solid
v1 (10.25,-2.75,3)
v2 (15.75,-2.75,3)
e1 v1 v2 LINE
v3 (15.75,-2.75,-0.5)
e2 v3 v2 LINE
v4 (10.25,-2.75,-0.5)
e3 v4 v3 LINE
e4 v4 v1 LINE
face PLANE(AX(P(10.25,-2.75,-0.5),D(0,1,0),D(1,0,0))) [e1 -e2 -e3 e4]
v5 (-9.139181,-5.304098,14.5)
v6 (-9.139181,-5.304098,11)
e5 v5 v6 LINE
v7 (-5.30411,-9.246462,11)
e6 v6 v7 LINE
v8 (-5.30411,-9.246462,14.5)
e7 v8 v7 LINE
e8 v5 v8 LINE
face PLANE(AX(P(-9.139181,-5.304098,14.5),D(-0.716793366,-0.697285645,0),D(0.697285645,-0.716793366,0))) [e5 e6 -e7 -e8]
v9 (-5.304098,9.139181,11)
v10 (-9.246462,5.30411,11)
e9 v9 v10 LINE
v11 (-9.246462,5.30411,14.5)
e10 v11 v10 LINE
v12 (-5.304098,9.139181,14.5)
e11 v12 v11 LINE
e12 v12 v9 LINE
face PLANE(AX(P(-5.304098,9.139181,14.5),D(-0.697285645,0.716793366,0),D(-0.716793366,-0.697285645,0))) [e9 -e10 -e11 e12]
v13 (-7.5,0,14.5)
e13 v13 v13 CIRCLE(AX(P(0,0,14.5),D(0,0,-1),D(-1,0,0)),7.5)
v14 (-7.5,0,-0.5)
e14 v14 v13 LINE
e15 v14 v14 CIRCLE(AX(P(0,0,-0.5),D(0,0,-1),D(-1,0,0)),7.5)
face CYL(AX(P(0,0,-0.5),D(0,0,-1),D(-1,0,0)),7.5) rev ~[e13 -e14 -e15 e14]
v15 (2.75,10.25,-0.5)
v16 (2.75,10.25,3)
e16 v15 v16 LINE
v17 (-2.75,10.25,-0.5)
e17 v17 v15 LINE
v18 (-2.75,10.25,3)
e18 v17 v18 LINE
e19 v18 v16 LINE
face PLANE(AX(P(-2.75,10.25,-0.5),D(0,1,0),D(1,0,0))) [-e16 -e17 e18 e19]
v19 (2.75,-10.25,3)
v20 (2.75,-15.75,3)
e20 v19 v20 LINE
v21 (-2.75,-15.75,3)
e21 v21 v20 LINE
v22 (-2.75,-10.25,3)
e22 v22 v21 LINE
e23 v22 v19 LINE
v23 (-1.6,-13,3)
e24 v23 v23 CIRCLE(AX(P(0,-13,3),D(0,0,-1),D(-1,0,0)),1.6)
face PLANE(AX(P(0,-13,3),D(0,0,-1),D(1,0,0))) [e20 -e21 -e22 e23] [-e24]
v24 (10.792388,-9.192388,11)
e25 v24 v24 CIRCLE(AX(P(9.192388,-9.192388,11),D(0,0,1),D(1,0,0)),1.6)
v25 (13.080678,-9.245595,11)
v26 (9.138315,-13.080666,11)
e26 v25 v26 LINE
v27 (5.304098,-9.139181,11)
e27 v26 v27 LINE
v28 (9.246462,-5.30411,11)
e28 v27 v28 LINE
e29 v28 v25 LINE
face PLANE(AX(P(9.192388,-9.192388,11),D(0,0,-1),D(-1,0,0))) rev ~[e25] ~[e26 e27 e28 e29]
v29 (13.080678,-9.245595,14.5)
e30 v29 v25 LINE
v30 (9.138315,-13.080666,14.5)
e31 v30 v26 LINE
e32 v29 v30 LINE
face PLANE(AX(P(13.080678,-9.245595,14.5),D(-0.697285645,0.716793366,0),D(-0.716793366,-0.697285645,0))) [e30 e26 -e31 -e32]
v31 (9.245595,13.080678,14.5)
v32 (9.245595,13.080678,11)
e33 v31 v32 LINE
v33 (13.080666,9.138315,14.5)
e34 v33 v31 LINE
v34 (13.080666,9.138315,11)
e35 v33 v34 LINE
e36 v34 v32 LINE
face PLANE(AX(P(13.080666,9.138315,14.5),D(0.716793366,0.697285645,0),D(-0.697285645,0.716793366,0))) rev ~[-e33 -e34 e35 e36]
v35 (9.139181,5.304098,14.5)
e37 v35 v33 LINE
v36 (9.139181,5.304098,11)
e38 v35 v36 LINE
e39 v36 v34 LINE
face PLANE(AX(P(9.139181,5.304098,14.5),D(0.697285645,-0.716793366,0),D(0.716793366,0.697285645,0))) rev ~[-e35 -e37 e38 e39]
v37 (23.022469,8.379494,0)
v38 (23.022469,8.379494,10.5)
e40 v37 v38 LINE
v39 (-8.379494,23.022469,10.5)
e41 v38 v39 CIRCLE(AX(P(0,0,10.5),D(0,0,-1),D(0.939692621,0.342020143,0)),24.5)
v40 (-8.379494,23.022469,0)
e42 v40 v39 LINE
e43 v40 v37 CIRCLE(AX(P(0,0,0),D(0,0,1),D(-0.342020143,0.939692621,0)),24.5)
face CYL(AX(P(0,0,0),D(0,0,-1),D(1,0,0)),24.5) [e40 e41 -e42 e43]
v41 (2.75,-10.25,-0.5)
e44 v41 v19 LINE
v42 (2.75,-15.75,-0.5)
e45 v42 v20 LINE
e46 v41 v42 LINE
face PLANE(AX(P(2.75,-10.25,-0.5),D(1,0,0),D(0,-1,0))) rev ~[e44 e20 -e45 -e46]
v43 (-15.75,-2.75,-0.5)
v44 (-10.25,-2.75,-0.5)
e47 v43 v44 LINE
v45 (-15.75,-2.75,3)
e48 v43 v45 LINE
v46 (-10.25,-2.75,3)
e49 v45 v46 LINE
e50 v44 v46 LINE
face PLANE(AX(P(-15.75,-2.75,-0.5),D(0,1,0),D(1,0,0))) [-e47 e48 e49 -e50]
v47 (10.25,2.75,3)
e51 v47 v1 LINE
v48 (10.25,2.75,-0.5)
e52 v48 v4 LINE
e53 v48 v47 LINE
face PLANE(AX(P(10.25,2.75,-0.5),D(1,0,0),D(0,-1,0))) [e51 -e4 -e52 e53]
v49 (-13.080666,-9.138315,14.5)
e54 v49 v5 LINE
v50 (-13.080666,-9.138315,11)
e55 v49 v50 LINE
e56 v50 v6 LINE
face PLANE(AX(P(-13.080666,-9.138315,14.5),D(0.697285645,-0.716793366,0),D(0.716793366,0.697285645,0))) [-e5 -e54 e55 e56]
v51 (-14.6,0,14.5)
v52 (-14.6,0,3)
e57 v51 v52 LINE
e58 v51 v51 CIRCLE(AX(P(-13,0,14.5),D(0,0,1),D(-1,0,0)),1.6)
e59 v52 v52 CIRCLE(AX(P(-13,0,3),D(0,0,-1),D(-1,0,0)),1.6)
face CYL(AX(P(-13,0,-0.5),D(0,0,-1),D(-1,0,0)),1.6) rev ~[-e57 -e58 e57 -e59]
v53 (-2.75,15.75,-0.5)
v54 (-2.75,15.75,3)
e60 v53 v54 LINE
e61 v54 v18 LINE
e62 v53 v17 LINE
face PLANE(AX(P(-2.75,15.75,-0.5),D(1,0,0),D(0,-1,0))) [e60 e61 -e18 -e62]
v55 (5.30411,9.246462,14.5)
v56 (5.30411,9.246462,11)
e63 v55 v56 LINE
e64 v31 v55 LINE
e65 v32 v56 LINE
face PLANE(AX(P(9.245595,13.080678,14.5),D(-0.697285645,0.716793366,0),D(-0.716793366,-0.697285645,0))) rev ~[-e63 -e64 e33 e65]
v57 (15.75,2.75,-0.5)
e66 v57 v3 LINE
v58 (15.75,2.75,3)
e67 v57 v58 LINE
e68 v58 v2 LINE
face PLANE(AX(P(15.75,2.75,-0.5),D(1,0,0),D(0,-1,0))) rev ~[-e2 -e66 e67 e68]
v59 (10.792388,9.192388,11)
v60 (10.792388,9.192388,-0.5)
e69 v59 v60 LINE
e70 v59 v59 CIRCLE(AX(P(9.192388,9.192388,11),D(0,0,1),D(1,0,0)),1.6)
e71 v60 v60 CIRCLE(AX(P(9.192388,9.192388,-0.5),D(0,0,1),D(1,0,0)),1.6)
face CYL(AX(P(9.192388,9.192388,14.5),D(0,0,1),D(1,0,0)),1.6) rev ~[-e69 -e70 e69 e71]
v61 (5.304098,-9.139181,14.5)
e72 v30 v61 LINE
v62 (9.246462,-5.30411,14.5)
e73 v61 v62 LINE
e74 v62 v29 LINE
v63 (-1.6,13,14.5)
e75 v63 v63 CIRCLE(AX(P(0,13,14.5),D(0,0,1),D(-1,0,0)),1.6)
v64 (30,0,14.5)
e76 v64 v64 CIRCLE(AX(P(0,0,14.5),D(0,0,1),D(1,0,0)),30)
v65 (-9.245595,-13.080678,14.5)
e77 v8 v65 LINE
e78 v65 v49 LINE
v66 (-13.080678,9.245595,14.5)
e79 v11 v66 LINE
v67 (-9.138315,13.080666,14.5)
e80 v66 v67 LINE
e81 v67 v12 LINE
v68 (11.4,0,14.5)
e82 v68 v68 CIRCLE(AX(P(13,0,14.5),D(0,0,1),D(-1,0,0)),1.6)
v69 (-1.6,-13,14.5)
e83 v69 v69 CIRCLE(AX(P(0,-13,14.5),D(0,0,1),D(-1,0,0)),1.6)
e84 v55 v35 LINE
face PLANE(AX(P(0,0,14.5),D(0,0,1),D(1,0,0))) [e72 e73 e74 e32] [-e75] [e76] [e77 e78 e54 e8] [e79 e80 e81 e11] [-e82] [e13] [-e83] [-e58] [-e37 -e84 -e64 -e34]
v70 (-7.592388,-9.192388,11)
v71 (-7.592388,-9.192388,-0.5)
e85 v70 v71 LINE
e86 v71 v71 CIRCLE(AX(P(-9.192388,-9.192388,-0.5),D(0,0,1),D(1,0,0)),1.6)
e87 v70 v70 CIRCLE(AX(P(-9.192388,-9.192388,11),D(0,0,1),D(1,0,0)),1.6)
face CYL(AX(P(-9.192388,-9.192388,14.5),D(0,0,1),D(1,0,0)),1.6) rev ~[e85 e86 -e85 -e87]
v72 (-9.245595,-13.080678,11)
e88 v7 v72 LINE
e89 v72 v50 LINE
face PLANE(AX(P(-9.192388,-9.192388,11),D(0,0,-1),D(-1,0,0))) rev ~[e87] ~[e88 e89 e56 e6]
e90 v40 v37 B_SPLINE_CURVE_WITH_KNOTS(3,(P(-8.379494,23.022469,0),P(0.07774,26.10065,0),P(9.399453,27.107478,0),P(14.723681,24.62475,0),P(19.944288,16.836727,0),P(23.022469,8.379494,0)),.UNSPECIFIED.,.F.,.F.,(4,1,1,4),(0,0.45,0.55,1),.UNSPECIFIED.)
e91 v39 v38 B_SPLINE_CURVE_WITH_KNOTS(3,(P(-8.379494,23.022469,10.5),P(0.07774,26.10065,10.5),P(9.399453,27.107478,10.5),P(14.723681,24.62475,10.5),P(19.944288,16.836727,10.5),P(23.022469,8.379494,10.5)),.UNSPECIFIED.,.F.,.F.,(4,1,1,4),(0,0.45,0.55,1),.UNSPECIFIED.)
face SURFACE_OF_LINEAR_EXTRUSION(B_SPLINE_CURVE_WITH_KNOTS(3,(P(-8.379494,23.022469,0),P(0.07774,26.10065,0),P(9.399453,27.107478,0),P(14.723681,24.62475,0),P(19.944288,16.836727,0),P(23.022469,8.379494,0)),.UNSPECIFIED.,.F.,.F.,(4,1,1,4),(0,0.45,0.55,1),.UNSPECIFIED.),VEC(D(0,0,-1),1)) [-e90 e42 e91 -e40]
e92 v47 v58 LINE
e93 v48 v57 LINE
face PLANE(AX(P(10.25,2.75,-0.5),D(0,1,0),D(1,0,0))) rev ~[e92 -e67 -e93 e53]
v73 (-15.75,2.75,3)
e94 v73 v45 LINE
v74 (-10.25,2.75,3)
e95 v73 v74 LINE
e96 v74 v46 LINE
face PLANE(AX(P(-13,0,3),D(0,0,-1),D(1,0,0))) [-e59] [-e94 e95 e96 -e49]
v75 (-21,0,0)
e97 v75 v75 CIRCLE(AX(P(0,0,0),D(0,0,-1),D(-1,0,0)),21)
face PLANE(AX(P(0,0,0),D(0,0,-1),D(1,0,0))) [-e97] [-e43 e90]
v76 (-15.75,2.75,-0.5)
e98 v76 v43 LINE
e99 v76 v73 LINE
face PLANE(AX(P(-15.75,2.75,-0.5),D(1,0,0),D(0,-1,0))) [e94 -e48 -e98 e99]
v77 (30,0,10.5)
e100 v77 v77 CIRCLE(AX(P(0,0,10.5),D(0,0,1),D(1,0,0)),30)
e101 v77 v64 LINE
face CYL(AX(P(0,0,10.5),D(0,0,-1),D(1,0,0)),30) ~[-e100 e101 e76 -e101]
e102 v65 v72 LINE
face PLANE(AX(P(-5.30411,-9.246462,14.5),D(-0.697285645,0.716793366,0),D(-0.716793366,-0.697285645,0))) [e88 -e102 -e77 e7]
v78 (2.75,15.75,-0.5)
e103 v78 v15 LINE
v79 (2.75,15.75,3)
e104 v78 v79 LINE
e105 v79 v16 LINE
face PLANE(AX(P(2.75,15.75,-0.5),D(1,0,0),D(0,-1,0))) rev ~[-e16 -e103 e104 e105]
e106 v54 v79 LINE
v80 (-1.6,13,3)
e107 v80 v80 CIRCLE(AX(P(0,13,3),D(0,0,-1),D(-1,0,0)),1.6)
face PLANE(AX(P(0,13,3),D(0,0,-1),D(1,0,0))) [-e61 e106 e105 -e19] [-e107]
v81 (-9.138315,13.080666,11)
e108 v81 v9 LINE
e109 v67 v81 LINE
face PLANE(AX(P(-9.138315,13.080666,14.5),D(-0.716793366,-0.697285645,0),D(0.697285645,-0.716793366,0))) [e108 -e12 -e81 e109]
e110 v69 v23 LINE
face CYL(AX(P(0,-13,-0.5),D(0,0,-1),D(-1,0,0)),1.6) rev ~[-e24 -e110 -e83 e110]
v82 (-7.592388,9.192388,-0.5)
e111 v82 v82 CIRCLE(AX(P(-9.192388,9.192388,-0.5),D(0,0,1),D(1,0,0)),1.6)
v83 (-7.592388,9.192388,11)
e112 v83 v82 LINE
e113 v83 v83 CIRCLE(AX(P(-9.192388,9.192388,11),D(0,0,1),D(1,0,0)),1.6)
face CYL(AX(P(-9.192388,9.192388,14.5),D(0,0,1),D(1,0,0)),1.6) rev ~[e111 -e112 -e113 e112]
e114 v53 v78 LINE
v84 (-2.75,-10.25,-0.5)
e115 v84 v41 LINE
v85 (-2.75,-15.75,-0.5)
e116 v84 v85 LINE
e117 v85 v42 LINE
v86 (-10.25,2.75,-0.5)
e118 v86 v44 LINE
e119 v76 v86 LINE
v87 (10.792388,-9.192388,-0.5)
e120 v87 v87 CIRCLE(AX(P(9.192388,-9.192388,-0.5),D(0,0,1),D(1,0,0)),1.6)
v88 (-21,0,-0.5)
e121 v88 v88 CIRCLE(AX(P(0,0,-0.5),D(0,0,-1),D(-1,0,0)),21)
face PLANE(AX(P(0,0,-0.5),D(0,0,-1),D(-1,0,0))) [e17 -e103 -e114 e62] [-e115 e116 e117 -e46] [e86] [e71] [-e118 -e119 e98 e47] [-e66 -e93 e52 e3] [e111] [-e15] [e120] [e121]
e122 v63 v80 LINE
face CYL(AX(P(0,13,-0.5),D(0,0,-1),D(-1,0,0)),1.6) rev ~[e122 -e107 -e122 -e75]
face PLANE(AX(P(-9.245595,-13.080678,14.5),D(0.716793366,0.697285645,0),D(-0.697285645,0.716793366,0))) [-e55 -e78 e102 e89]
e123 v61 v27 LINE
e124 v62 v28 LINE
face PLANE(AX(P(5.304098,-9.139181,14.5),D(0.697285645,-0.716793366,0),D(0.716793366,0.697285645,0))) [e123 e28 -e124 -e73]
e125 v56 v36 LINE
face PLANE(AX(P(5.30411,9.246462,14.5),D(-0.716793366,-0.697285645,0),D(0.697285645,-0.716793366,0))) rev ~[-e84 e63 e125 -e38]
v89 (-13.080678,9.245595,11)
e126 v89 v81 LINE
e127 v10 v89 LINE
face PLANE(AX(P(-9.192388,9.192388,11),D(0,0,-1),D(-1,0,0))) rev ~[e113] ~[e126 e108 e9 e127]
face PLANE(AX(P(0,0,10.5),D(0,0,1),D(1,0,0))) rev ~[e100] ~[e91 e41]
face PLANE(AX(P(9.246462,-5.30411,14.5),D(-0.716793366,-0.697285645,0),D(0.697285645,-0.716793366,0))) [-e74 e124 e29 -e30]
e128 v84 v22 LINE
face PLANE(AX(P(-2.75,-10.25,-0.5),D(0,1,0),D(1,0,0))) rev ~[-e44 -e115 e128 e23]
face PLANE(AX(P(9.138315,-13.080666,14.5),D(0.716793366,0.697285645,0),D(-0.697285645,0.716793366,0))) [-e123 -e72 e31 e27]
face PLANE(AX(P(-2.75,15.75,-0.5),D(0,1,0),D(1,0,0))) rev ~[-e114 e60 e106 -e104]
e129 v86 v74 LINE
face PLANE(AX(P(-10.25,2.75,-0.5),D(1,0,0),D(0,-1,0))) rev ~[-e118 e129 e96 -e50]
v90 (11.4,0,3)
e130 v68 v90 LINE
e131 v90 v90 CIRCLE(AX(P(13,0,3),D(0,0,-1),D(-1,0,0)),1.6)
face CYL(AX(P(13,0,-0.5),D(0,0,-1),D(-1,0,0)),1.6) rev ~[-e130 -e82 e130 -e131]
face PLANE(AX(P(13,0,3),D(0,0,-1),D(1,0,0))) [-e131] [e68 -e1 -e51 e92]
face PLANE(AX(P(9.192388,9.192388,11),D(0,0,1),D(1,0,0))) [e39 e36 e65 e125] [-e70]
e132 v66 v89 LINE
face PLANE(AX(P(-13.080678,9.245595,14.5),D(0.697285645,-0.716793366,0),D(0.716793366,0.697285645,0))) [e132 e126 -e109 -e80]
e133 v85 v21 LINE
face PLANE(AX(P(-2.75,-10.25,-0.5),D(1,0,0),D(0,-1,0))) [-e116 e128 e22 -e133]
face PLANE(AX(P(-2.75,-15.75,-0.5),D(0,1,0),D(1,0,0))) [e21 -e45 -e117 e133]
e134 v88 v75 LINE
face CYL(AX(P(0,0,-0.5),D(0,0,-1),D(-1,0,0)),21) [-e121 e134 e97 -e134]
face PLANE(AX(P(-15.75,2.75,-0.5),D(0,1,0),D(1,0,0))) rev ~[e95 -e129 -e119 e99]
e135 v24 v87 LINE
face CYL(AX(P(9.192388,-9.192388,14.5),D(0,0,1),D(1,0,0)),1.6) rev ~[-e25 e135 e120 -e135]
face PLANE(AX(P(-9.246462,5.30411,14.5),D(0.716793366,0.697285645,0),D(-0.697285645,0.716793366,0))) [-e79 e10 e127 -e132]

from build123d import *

# Parameters (mm, degrees)
SKETCH1_R           = 21
SKETCH1_R_2         = 2.85
SKETCH1_R_3         = 1.6
BOSS_EXTRUDE1_DEPTH = 10.5
SKETCH2_R           = 24.5
SKETCH2_R_2         = 21
BOSS_EXTRUDE3_DEPTH = 10.5
SKETCH4_R           = 30
SKETCH4_R_2         = 1.6
BOSS_EXTRUDE5_DEPTH = 4
BOSS_EXTRUDE4_START = 0.5
SKETCH3_R           = 21
SKETCH3_R_2         = 1.6
BOSS_EXTRUDE4_DEPTH = 0.5
SKETCH6_W           = 5.5
SKETCH6_H           = 5.5
CUT_EXTRUDE2_DEPTH  = 3.5
SKETCH7_R           = 1.6
CUT_EXTRUDE3_DEPTH  = 46.000000133
SKETCH7_3_R         = 1.6
CUT_EXTRUDE4_DEPTH  = 3.5
SKETCH8_R           = 7.5
CUT_EXTRUDE5_DEPTH  = 46.000000133


with BuildPart() as part:
    # Sketch1 → Boss-Extrude1 (new body)
    # profile 1 of 5: a face of its own
    with BuildSketch(Plane(origin=(0, 0, 0), x_dir=(0, 1, 0), z_dir=(0, 0, 1))):
        with Locations(Location((0, 0, 0), (0, 0, 90))):
            Circle(SKETCH1_R)
        with Locations((-13, 0)):
            Circle(SKETCH1_R_2, mode=Mode.SUBTRACT)
        with Locations((0, -13)):
            Circle(SKETCH1_R_2, mode=Mode.SUBTRACT)
        with Locations((13, 0)):
            Circle(SKETCH1_R_2, mode=Mode.SUBTRACT)
        with Locations((0, 13)):
            Circle(SKETCH1_R_2, mode=Mode.SUBTRACT)
    # profile 2 of 5: a face of its own
    with BuildSketch(Plane(origin=(0, 0, 0), x_dir=(0, 1, 0), z_dir=(0, 0, 1))):
        with Locations((-13, 0)):
            Circle(SKETCH1_R_2)
        with Locations(Location((-13, 0, 0), (0, 0, 90))):
            Circle(SKETCH1_R_3, mode=Mode.SUBTRACT)
    # profile 3 of 5: a face of its own
    with BuildSketch(Plane(origin=(0, 0, 0), x_dir=(0, 1, 0), z_dir=(0, 0, 1))):
        with Locations((0, 13)):
            Circle(SKETCH1_R_2)
        with Locations(Location((0, 13, 0), (0, 0, 90))):
            Circle(SKETCH1_R_3, mode=Mode.SUBTRACT)
    # profile 4 of 5: a face of its own
    with BuildSketch(Plane(origin=(0, 0, 0), x_dir=(0, 1, 0), z_dir=(0, 0, 1))):
        with Locations((13, 0)):
            Circle(SKETCH1_R_2)
        with Locations(Location((13, 0, 0), (0, 0, 90))):
            Circle(SKETCH1_R_3, mode=Mode.SUBTRACT)
    # profile 5 of 5: a face of its own
    with BuildSketch(Plane(origin=(0, 0, 0), x_dir=(0, 1, 0), z_dir=(0, 0, 1))):
        with Locations((0, -13)):
            Circle(SKETCH1_R_2)
        with Locations(Location((0, -13, 0), (0, 0, 90))):
            Circle(SKETCH1_R_3, mode=Mode.SUBTRACT)
    extrude(amount=BOSS_EXTRUDE1_DEPTH)

    # Sketch2 → Boss-Extrude3 (add)
    # profile 1 of 2: a face of its own
    with BuildSketch(Plane(origin=(0, 0, 0), x_dir=(1, 0, 0), z_dir=(0, 0, -1))):
        Circle(SKETCH2_R)
        Circle(SKETCH2_R_2, mode=Mode.SUBTRACT)
    # profile 2 of 2: a face of its own
    with BuildSketch(Plane(origin=(0, 0, 0), x_dir=(1, 0, 0), z_dir=(0, 0, -1))):
        with BuildLine():
            ThreePointArc((23.022469209, -8.379493511), (10.354147413, -22.204540782), (-8.379493511, -23.022469209))
            add(Edge.make_bspline(
                [(-8.379493511, -23.022469209), (0.077740076, -26.100650499), (9.399453165, -27.107478442), (14.723681196, -24.624750138), (19.944287919, -16.836727099), (23.022469209, -8.379493511)],
                knots=[0, 0, 0, 0, 0.45, 0.55, 1, 1, 1, 1], degree=3))
        make_face()
    extrude(amount=-BOSS_EXTRUDE3_DEPTH)

    # Sketch4 → Boss-Extrude5 (add)
    with BuildSketch(Plane.XY.offset(10.5)):
        Circle(SKETCH4_R)
        with Locations(Location((-13, 0, 0), (0, 0, 180))):
            Circle(SKETCH4_R_2, mode=Mode.SUBTRACT)
        with Locations(Location((0, 13, 0), (0, 0, 180))):
            Circle(SKETCH4_R_2, mode=Mode.SUBTRACT)
        with Locations(Location((13, 0, 0), (0, 0, 180))):
            Circle(SKETCH4_R_2, mode=Mode.SUBTRACT)
        with Locations(Location((0, -13, 0), (0, 0, 180))):
            Circle(SKETCH4_R_2, mode=Mode.SUBTRACT)
    extrude(amount=BOSS_EXTRUDE5_DEPTH)

    # Sketch3 → Boss-Extrude4 (add)
    with BuildSketch(Plane(origin=(0, 0, 0), x_dir=(1, 0, 0), z_dir=(0, 0, -1)).offset(BOSS_EXTRUDE4_START)):
        with Locations(Location((0, 0, 0), (0, 0, 180))):
            Circle(SKETCH3_R)
        with Locations(Location((-13, 0, 0), (0, 0, 180))):
            Circle(SKETCH3_R_2, mode=Mode.SUBTRACT)
        with Locations(Location((0, 13, 0), (0, 0, 180))):
            Circle(SKETCH3_R_2, mode=Mode.SUBTRACT)
        with Locations(Location((13, 0, 0), (0, 0, 180))):
            Circle(SKETCH3_R_2, mode=Mode.SUBTRACT)
        with Locations(Location((0, -13, 0), (0, 0, 180))):
            Circle(SKETCH3_R_2, mode=Mode.SUBTRACT)
    extrude(amount=-BOSS_EXTRUDE4_DEPTH)

    # Sketch6 → Cut-Extrude2 (cut)
    with BuildSketch(Plane(origin=(0, 0, -0.5), x_dir=(1, 0, 0), z_dir=(0, 0, -1))):
        with Locations((13, 0)):
            Rectangle(SKETCH6_W, SKETCH6_H)
        with Locations((0, 13)):
            Rectangle(SKETCH6_W, SKETCH6_H)
        with Locations((0, -13)):
            Rectangle(SKETCH6_W, SKETCH6_H)
        with Locations((-13, 0)):
            Rectangle(SKETCH6_W, SKETCH6_H)
    extrude(amount=-CUT_EXTRUDE2_DEPTH, mode=Mode.SUBTRACT)

    # Sketch7 → Cut-Extrude3 (cut, through all)
    with BuildSketch(Plane.XY.offset(14.5)):
        with Locations((9.192388155, 9.192388155)):
            Circle(SKETCH7_R)
        with Locations((9.192388155, -9.192388155)):
            Circle(SKETCH7_R)
        with Locations((-9.192388155, -9.192388155)):
            Circle(SKETCH7_R)
        with Locations((-9.192388155, 9.192388155)):
            Circle(SKETCH7_R)
    extrude(amount=-CUT_EXTRUDE3_DEPTH, mode=Mode.SUBTRACT)

    # Sketch7<3> → Cut-Extrude4 (cut)
    # profile 1 of 4: a face of its own
    with BuildSketch(Plane.XY.offset(14.5)):
        Polygon((9.245595054, 13.080678059), (5.304110209, 9.246461763), (9.139181257, 5.304098252), (13.080666102, 9.138314547), align=None)
        with Locations((9.192388155, 9.192388155)):
            Circle(SKETCH7_3_R, mode=Mode.SUBTRACT)
    # profile 2 of 4: a face of its own
    with BuildSketch(Plane.XY.offset(14.5)):
        Polygon((9.138314547, -13.080666102), (5.304098252, -9.139181257), (9.246461763, -5.304110209), (13.080678059, -9.245595054), align=None)
        with Locations((9.192388155, -9.192388155)):
            Circle(SKETCH7_3_R, mode=Mode.SUBTRACT)
    # profile 3 of 4: a face of its own
    with BuildSketch(Plane.XY.offset(14.5)):
        Polygon((-13.080666102, -9.138314547), (-9.139181257, -5.304098252), (-5.304110209, -9.246461763), (-9.245595054, -13.080678059), align=None)
        with Locations((-9.192388155, -9.192388155)):
            Circle(SKETCH7_3_R, mode=Mode.SUBTRACT)
    # profile 4 of 4: a face of its own
    with BuildSketch(Plane.XY.offset(14.5)):
        Polygon((-9.138314547, 13.080666102), (-5.304098252, 9.139181257), (-9.246461763, 5.304110209), (-13.080678059, 9.245595054), align=None)
        with Locations((-9.192388155, 9.192388155)):
            Circle(SKETCH7_3_R, mode=Mode.SUBTRACT)
    extrude(amount=-CUT_EXTRUDE4_DEPTH, mode=Mode.SUBTRACT)

    # Sketch8 → Cut-Extrude5 (cut, through all)
    with BuildSketch(Plane(origin=(0, 0, -0.5), x_dir=(1, 0, 0), z_dir=(0, 0, -1))):
        with Locations(Location((0, 0, 0), (0, 0, 180))):
            Circle(SKETCH8_R)
    extrude(amount=-CUT_EXTRUDE5_DEPTH, mode=Mode.SUBTRACT)


solid = part.part
